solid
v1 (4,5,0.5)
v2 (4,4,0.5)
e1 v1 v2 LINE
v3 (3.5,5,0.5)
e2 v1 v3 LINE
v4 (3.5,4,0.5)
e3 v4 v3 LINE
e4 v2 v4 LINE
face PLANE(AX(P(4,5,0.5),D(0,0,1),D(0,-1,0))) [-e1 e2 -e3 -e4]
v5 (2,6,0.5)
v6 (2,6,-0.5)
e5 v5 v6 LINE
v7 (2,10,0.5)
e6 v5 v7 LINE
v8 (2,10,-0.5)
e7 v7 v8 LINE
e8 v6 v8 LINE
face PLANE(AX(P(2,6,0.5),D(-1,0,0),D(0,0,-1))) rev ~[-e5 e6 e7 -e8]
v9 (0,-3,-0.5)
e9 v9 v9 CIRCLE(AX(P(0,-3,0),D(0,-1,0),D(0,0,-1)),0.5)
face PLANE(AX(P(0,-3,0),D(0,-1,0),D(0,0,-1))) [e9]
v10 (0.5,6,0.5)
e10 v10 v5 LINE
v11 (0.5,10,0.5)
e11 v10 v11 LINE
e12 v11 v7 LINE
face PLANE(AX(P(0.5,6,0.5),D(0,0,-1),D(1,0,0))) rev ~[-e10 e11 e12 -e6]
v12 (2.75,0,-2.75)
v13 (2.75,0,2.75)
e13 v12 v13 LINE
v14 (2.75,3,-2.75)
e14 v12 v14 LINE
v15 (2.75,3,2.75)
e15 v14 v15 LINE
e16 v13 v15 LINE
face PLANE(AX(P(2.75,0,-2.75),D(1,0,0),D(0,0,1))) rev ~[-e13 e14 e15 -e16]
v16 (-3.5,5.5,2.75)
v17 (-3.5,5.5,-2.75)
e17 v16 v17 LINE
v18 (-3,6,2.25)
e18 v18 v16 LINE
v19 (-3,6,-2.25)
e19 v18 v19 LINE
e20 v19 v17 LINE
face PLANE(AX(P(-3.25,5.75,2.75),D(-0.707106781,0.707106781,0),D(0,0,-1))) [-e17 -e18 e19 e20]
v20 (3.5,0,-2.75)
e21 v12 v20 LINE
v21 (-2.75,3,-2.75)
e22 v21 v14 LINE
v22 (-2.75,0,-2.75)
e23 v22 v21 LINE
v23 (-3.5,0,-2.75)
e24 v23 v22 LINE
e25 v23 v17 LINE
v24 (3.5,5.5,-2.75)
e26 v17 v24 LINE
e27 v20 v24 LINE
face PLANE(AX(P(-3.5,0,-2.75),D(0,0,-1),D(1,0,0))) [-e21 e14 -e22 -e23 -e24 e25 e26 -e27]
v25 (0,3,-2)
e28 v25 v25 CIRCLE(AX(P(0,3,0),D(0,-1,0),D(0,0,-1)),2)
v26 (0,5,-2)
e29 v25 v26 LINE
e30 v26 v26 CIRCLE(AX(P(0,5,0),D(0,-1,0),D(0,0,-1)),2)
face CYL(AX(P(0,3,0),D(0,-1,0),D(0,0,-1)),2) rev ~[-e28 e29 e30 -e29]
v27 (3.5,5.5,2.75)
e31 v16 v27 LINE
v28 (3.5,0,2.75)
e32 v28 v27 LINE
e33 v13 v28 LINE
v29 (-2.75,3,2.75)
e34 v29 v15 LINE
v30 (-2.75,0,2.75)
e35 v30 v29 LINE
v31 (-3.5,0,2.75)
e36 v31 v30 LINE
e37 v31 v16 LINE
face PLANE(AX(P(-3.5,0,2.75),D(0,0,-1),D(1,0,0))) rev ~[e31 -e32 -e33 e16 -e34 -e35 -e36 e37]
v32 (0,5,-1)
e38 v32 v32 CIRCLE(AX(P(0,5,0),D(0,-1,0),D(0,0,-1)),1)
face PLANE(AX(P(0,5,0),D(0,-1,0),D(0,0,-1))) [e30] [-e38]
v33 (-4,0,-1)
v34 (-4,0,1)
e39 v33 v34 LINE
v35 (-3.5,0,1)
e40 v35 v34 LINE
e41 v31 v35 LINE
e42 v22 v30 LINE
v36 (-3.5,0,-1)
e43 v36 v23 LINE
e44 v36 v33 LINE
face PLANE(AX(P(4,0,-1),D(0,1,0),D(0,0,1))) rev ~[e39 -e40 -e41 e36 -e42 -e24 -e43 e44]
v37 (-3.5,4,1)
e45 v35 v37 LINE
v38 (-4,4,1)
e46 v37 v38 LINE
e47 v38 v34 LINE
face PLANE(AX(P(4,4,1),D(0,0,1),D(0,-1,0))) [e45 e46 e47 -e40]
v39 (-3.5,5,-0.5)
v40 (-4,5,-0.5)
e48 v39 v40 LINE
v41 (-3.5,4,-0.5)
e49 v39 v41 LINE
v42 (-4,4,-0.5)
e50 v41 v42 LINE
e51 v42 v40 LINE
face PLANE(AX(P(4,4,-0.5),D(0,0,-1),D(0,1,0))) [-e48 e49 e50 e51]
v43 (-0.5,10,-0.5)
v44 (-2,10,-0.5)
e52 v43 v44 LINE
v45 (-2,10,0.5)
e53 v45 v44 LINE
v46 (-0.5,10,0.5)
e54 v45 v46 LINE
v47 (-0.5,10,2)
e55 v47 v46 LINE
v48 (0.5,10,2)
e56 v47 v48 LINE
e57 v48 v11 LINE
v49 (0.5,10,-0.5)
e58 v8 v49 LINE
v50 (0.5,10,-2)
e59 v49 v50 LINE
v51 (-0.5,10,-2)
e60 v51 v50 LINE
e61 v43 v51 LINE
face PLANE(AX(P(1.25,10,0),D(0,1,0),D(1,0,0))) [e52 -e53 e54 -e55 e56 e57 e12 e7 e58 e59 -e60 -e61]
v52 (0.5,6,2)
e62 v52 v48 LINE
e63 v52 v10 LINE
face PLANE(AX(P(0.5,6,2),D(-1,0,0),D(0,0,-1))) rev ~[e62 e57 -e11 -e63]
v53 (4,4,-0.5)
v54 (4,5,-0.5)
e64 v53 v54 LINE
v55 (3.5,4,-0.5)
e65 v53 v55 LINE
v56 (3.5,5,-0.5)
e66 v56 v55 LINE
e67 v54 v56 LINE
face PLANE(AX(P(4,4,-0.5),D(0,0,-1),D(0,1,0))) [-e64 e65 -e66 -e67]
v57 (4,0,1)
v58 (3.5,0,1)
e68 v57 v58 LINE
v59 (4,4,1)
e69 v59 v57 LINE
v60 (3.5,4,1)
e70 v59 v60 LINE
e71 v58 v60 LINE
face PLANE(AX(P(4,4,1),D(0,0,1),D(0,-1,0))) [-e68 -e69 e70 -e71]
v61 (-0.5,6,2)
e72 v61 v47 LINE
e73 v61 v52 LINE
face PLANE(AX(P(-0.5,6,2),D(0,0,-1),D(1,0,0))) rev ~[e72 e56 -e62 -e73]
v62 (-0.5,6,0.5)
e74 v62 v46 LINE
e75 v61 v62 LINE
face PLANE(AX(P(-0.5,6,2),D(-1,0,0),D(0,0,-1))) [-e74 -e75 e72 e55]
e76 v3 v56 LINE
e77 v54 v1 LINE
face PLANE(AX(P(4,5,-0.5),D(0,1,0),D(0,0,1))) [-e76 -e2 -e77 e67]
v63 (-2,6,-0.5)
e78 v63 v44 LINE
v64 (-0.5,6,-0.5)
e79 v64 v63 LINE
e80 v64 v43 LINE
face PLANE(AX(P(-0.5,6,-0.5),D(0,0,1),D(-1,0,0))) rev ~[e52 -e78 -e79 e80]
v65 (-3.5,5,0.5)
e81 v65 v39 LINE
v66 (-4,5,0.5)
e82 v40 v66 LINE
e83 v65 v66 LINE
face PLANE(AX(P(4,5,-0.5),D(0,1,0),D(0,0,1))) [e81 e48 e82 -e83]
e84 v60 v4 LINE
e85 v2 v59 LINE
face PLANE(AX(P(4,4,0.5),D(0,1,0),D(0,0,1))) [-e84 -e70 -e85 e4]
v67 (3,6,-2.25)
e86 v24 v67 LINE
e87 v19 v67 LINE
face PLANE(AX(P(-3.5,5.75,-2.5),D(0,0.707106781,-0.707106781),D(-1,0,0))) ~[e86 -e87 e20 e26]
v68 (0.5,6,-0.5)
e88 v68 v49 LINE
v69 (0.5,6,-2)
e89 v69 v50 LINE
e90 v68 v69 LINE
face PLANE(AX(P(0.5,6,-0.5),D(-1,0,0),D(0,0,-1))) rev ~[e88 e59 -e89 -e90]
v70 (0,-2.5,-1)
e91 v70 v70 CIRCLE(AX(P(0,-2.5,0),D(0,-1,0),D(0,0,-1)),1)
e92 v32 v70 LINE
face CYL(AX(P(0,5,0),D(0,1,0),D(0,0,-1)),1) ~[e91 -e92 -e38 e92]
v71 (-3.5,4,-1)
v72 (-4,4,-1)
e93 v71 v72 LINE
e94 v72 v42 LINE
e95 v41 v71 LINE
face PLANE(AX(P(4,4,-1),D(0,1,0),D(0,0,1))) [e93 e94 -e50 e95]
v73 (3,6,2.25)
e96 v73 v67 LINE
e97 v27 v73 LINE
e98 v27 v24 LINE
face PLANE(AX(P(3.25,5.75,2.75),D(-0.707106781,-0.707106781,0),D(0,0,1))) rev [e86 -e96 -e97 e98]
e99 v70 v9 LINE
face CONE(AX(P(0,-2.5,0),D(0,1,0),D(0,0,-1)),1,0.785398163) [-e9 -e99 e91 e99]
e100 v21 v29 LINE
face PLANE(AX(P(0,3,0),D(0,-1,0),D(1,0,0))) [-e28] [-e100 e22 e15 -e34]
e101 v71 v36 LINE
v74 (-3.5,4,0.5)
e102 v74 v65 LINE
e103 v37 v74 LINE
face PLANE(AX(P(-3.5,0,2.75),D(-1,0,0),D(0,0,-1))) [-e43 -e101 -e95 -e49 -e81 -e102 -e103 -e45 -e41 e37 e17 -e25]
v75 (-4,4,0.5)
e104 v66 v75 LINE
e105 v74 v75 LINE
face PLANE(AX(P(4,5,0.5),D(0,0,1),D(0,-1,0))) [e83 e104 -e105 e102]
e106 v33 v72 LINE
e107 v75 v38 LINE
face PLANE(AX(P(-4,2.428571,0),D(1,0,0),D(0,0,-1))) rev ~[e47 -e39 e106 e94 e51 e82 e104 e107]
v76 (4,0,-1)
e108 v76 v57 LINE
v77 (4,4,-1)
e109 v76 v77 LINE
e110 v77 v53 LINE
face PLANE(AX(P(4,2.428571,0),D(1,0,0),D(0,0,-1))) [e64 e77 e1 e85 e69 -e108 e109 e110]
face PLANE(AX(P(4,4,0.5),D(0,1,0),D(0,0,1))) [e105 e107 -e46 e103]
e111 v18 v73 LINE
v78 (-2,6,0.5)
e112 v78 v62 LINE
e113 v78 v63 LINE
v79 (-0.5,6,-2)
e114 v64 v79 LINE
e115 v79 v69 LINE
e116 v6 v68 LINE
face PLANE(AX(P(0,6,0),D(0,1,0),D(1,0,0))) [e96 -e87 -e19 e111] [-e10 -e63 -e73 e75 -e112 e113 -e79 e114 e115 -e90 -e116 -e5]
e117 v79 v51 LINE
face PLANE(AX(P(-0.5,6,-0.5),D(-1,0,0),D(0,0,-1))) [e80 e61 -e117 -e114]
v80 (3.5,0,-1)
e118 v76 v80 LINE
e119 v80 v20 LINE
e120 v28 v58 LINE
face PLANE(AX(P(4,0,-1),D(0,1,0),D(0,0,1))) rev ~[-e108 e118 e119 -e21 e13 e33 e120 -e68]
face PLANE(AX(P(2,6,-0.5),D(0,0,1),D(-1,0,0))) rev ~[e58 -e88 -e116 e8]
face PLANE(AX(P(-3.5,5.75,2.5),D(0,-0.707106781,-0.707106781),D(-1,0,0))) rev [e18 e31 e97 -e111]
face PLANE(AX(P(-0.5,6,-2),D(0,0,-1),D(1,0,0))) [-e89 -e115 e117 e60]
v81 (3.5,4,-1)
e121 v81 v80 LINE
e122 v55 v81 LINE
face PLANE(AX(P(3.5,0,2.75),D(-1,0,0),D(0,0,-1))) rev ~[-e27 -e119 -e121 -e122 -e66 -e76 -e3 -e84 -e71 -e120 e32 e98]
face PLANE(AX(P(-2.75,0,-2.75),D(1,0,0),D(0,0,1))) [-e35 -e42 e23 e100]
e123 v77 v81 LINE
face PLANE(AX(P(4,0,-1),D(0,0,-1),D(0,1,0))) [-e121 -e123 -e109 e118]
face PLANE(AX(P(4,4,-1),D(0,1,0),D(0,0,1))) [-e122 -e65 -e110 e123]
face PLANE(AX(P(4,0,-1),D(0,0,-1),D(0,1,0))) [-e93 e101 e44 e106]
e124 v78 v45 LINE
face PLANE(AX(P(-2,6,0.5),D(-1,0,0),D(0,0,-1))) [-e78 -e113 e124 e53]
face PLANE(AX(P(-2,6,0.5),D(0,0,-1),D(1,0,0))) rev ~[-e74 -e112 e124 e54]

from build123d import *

# Parameters (mm, degrees)
ESQUISSE1_W             = 7
ESQUISSE1_H             = 5.5
BOSS_EXTRU_1_DEPTH      = 6
BOSS_EXTRU_2_DEPTH      = 0.5
BOSS_EXTRU_2_DEPTH_BACK = 7.5
ESQUISSE2_W             = 5.5
ESQUISSE2_H             = 5.5
ENL_V_MAT_EXTRU_2_DEPTH = 3
ESQUISSE4_W             = 1.5
ESQUISSE4_H             = 1
ESQUISSE4_W_2           = 1
ESQUISSE4_H_2           = 1.5
BOSS_EXTRU_3_DEPTH      = 4
ESQUISSE5_R             = 2
ENL_V_MAT_EXTRU_3_DEPTH = 2
ESQUISSE6_R             = 1
BOSS_EXTRU_4_DEPTH      = 8
CHANFREIN1_SIZE         = 0.5


with BuildPart() as part:
    # Esquisse1 → Boss.-Extru.1 (new body)
    with BuildSketch(Plane(origin=(0, 0, 0), x_dir=(1, 0, 0), z_dir=(0, 1, 0))):
        Rectangle(ESQUISSE1_W, ESQUISSE1_H)
    extrude(amount=BOSS_EXTRU_1_DEPTH)

    # Esquisse3 → Boss.-Extru.2 (add, two sides: drawn at the far end of the back side and taken through both)
    with BuildSketch(Plane.ZY.offset(3.5).offset(-BOSS_EXTRU_2_DEPTH_BACK)):
        Polygon((0, 0), (-1, 0), (-1, 4), (-0.5, 4), (-0.5, 5), (0.5, 5), (0.5, 4), (1, 4), (1, 0), align=None)
    extrude(amount=BOSS_EXTRU_2_DEPTH + BOSS_EXTRU_2_DEPTH_BACK)

    # Esquisse2 → Enlèv. mat.-Extru.2 (cut)
    with BuildSketch(Plane.XZ):
        Rectangle(ESQUISSE2_W, ESQUISSE2_H)
    extrude(amount=-ENL_V_MAT_EXTRU_2_DEPTH, mode=Mode.SUBTRACT)

    # Esquisse4 → Boss.-Extru.3 (add)
    with BuildSketch(Plane(origin=(0, 6, 0), x_dir=(1, 0, 0), z_dir=(0, 1, 0))):
        with Locations((1.25, 0)):
            Rectangle(ESQUISSE4_W, ESQUISSE4_H)
        with Locations((0, -1.25)):
            Rectangle(ESQUISSE4_W_2, ESQUISSE4_H_2)
        with Locations((-1.25, 0)):
            Rectangle(ESQUISSE4_W, ESQUISSE4_H)
        Rectangle(ESQUISSE4_W_2, ESQUISSE4_H)
        with Locations((0, 1.25)):
            Rectangle(ESQUISSE4_W_2, ESQUISSE4_H_2)
    extrude(amount=BOSS_EXTRU_3_DEPTH)

    # Esquisse5 → Enlèv. mat.-Extru.3 (cut)
    with BuildSketch(Plane.XZ.offset(-3)):
        with Locations(Location((0, 0, 0), (0, 0, 270))):
            Circle(ESQUISSE5_R)
    extrude(amount=-ENL_V_MAT_EXTRU_3_DEPTH, mode=Mode.SUBTRACT)

    # Esquisse6 → Boss.-Extru.4 (add)
    with BuildSketch(Plane.XZ.offset(-5)):
        with Locations(Location((0, 0, 0), (0, 0, 270))):
            Circle(ESQUISSE6_R)
    extrude(amount=BOSS_EXTRU_4_DEPTH)

    # Chanfrein1
    chanfrein1_edges = [part.edges().sort_by_distance(p)[0] for p in [
        (0, -3, 1),
        (-3.5, 6, 0),
        (0, 6, 2.75),
        (3.5, 6, 0),
        (0, 6, -2.75),
    ]]
    chamfer(chanfrein1_edges, length=CHANFREIN1_SIZE)


solid = part.part
